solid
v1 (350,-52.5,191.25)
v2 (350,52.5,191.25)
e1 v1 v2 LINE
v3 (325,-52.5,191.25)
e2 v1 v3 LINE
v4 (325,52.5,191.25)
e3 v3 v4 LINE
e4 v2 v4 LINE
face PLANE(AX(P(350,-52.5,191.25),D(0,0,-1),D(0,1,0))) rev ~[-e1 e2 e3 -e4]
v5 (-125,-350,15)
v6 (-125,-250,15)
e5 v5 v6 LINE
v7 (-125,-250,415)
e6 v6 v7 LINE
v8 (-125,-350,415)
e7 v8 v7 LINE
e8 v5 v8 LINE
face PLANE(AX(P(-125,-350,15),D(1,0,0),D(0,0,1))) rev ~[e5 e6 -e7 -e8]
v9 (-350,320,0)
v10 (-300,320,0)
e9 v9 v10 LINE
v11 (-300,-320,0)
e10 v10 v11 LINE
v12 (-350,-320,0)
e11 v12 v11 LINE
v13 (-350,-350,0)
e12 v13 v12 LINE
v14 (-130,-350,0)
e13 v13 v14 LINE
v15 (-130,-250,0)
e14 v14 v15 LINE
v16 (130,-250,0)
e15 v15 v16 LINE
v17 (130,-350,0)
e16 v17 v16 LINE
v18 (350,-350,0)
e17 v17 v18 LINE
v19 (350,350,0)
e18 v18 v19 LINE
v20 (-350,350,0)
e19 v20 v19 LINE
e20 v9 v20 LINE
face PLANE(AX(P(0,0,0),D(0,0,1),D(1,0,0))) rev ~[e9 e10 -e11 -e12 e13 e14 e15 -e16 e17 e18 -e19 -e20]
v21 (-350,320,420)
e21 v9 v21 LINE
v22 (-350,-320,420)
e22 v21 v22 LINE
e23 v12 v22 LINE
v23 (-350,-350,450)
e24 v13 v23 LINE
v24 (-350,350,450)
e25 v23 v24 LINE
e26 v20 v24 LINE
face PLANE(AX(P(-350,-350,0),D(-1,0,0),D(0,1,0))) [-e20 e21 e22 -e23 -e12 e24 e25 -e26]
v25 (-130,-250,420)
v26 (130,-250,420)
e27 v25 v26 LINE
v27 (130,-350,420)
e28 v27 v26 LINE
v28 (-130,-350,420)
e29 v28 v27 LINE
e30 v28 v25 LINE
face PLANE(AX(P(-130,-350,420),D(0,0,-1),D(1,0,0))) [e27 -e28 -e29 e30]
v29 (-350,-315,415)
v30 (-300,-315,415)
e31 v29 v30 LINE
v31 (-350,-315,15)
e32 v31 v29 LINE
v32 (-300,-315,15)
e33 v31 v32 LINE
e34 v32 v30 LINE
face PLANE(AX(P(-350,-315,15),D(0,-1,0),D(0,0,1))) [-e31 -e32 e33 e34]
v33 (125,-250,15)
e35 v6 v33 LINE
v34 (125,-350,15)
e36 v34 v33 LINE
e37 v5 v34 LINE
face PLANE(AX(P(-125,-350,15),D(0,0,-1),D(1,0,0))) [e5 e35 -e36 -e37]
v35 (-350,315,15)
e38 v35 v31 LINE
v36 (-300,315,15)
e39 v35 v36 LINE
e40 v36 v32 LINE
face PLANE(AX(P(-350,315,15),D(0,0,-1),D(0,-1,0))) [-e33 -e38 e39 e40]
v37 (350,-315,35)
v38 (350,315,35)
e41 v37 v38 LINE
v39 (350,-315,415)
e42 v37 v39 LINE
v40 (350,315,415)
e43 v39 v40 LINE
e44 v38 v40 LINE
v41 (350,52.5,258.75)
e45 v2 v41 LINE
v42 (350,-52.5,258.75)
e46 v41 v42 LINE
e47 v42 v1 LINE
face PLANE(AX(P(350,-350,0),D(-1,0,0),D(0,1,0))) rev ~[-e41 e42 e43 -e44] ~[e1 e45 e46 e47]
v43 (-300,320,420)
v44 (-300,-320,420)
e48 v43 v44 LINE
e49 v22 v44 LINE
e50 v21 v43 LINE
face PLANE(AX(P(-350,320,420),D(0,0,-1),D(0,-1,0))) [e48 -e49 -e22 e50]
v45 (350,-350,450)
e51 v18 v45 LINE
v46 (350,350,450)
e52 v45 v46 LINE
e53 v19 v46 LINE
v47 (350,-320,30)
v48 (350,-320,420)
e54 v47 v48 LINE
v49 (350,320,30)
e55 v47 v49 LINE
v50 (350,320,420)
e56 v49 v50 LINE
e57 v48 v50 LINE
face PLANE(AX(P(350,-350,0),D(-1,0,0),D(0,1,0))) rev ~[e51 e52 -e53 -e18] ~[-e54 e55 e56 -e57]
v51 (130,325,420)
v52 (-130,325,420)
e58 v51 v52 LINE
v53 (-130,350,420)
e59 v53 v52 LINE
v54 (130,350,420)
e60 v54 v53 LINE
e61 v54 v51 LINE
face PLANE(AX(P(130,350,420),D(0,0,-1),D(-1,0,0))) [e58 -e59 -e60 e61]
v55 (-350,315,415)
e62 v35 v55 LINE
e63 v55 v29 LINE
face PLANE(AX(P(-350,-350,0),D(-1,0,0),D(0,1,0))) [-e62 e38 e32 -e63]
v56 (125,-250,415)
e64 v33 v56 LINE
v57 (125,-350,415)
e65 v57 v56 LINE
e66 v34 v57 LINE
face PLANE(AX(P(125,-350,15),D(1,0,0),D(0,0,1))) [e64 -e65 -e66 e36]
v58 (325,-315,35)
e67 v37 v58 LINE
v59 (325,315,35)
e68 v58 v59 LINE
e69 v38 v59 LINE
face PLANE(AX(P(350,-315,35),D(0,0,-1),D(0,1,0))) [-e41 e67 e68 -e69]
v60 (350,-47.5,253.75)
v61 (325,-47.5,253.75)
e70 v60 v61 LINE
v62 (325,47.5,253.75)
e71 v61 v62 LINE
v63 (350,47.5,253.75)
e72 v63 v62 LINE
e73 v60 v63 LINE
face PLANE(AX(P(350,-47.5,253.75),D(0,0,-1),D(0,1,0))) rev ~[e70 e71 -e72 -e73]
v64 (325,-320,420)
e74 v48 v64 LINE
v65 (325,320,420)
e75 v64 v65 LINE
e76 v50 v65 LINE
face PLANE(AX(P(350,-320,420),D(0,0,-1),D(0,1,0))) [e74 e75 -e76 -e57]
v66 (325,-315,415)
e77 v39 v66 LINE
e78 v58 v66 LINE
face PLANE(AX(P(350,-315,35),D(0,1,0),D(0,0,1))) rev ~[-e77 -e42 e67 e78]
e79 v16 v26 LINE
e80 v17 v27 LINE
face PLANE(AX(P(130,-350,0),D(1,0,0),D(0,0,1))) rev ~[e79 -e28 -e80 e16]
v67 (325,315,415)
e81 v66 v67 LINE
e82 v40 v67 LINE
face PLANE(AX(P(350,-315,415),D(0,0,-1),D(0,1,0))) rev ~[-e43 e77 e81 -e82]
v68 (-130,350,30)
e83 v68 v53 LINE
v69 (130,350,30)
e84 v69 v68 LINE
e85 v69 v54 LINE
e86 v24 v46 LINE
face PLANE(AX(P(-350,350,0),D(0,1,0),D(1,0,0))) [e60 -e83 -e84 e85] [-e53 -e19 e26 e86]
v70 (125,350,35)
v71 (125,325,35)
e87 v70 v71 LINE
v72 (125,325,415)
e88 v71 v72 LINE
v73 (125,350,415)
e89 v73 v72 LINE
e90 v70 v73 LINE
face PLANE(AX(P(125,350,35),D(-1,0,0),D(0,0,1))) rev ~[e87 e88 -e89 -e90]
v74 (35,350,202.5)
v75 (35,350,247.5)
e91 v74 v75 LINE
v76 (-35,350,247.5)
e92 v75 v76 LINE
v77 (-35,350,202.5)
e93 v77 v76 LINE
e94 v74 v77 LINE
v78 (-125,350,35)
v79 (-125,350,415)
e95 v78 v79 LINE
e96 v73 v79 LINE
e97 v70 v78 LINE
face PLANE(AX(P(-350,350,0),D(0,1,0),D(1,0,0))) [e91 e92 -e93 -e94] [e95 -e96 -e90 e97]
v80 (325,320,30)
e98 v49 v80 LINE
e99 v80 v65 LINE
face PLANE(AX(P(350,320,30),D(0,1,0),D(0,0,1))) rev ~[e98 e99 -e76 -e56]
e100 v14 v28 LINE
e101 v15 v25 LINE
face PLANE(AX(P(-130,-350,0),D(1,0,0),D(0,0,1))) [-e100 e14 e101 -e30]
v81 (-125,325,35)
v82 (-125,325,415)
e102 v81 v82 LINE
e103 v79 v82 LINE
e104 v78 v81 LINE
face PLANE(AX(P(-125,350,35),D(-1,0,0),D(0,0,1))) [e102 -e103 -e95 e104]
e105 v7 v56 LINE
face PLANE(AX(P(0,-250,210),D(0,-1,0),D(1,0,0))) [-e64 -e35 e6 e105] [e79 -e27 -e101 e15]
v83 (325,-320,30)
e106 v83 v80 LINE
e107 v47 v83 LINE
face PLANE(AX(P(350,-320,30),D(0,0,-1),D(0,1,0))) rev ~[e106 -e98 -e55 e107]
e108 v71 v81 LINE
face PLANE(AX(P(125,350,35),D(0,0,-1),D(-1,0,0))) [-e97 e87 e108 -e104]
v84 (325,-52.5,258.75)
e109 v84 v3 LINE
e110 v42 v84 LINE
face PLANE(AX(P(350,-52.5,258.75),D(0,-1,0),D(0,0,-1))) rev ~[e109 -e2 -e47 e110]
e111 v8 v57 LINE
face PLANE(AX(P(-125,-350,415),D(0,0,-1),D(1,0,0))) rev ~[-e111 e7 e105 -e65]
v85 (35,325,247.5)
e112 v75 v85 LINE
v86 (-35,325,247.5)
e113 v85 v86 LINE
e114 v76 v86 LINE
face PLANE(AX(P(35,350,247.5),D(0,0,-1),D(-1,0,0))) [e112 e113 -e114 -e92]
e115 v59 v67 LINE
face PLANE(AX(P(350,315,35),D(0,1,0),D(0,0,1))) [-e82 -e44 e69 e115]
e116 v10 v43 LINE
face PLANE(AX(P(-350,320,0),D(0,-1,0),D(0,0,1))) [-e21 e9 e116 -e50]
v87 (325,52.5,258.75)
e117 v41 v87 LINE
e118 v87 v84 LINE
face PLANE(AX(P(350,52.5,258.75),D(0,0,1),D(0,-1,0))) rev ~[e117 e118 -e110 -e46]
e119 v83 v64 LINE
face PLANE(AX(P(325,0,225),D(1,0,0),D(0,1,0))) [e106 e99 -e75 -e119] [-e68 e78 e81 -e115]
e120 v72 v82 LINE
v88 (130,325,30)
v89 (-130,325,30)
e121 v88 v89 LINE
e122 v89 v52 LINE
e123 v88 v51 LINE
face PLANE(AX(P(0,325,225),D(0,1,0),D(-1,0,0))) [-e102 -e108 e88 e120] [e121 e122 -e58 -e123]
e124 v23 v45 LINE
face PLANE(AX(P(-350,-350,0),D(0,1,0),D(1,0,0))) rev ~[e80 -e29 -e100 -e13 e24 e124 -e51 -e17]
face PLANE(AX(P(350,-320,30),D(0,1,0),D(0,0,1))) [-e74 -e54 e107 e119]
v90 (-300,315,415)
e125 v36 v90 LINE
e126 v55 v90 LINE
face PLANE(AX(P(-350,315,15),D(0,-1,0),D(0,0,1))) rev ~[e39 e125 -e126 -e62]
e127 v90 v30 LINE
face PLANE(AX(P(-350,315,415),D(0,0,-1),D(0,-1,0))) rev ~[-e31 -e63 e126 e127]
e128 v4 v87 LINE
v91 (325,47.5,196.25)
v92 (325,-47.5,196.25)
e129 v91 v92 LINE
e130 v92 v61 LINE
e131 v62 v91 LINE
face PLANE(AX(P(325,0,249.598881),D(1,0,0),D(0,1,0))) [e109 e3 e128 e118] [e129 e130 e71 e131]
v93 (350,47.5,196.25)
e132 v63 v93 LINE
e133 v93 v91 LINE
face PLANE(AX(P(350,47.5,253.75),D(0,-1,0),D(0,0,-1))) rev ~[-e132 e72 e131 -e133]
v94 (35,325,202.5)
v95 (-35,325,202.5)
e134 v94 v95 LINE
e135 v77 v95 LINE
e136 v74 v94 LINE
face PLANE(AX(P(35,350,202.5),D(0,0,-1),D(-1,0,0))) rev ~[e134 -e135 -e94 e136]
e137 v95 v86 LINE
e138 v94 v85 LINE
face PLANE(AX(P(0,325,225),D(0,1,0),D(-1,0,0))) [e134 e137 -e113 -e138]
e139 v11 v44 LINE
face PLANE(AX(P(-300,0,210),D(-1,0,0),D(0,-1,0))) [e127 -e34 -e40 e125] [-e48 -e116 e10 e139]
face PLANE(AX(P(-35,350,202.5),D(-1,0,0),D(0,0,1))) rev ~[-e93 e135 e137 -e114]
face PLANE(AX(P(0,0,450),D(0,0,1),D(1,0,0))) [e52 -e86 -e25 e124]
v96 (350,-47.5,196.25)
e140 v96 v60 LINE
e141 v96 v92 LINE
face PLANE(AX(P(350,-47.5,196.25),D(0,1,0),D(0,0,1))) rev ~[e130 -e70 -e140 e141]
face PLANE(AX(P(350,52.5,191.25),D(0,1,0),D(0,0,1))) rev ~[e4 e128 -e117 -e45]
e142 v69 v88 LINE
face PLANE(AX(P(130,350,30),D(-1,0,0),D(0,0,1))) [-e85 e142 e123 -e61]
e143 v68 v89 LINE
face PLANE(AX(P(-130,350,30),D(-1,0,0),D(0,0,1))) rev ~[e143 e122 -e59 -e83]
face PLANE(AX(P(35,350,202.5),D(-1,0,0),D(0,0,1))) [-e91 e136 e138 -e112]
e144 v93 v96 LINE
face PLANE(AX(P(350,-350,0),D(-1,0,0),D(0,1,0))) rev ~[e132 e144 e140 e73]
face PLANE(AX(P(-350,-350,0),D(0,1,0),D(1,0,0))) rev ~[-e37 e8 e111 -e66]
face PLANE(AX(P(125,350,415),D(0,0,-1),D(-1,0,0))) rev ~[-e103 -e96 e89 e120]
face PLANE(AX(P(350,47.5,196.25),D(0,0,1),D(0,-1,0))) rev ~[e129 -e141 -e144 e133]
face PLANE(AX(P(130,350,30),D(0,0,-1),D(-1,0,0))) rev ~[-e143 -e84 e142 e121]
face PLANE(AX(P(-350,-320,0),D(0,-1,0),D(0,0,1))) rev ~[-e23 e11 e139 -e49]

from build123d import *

# Parameters (mm, degrees)
F0_W      = 700
F0_H      = 700
F1_DEPTH  = 450
F2_W      = 640
F2_H      = 390
F2_W_2    = 630
F2_H_2    = 380
F3_DEPTH  = 25
F4_W      = 260
F4_H      = 390
F4_W_2    = 250
F4_H_2    = 380
F5_DEPTH  = 25
F7_DEPTH  = 25
F4_W_3    = 70
F4_H_3    = 45
F8_DEPTH  = 25
F9_W      = 640
F9_H      = 420
F9_W_2    = 630
F9_H_2    = 400
F10_DEPTH = 50
F12_W     = 260
F12_H     = 420
F12_W_2   = 250
F12_H_2   = 400
F13_DEPTH = 100


with BuildPart() as f1:
    # F0 (on Top) → F1 (new body)
    with BuildSketch(Plane.XY):
        Rectangle(F0_W, F0_H)
    extrude(amount=F1_DEPTH)

    # F2 (on face) → F3 (cut)
    with BuildSketch(Plane.YZ.offset(350)):
        with Locations((0, 225)):
            Rectangle(F2_W, F2_H)
        with Locations((0, 225)):
            Rectangle(F2_W_2, F2_H_2, mode=Mode.SUBTRACT)
    extrude(amount=-F3_DEPTH, mode=Mode.SUBTRACT)

    # F4 (on face) → F5 (cut)
    with BuildSketch(Plane(origin=(0, 350, 0), x_dir=(-1, 0, 0), z_dir=(0, 1, 0))):
        with Locations((0, 225)):
            Rectangle(F4_W, F4_H)
        with Locations((0, 225)):
            Rectangle(F4_W_2, F4_H_2, mode=Mode.SUBTRACT)
    extrude(amount=-F5_DEPTH, mode=Mode.SUBTRACT)

    # F6 (on face) → F7 (cut)
    with BuildSketch(Plane.YZ.offset(350)):
        Polygon((52.5, 258.75), (-52.5, 258.75), (-52.5, 225), (-47.5, 225), (-47.5, 253.75), (47.5, 253.75), (47.5, 225), (52.5, 225), align=None)
        Polygon((-47.5, 225), (-52.5, 225), (-52.5, 191.25), (52.5, 191.25), (52.5, 225), (47.5, 225), (47.5, 196.25), (-47.5, 196.25), align=None)
    extrude(amount=-F7_DEPTH, mode=Mode.SUBTRACT)

    # F4 (on face) → F8 (cut)
    with BuildSketch(Plane(origin=(0, 350, 0), x_dir=(-1, 0, 0), z_dir=(0, 1, 0))):
        with Locations((0, 225)):
            Rectangle(F4_W_3, F4_H_3)
    extrude(amount=-F8_DEPTH, mode=Mode.SUBTRACT)

    # F9 (on face) → F10 (cut)
    with BuildSketch(Plane(origin=(-350, 0, 0), x_dir=(0, -1, 0), z_dir=(-1, 0, 0))):
        with Locations((0, 210)):
            Rectangle(F9_W, F9_H)
        with Locations((0, 215)):
            Rectangle(F9_W_2, F9_H_2, mode=Mode.SUBTRACT)
    extrude(amount=-F10_DEPTH, mode=Mode.SUBTRACT)

    # F12 (on face) → F13 (cut)
    with BuildSketch(Plane.XZ.offset(350)):
        with Locations((0, 210)):
            Rectangle(F12_W, F12_H)
        with Locations((0, 215)):
            Rectangle(F12_W_2, F12_H_2, mode=Mode.SUBTRACT)
    extrude(amount=-F13_DEPTH, mode=Mode.SUBTRACT)


solid = f1.part
